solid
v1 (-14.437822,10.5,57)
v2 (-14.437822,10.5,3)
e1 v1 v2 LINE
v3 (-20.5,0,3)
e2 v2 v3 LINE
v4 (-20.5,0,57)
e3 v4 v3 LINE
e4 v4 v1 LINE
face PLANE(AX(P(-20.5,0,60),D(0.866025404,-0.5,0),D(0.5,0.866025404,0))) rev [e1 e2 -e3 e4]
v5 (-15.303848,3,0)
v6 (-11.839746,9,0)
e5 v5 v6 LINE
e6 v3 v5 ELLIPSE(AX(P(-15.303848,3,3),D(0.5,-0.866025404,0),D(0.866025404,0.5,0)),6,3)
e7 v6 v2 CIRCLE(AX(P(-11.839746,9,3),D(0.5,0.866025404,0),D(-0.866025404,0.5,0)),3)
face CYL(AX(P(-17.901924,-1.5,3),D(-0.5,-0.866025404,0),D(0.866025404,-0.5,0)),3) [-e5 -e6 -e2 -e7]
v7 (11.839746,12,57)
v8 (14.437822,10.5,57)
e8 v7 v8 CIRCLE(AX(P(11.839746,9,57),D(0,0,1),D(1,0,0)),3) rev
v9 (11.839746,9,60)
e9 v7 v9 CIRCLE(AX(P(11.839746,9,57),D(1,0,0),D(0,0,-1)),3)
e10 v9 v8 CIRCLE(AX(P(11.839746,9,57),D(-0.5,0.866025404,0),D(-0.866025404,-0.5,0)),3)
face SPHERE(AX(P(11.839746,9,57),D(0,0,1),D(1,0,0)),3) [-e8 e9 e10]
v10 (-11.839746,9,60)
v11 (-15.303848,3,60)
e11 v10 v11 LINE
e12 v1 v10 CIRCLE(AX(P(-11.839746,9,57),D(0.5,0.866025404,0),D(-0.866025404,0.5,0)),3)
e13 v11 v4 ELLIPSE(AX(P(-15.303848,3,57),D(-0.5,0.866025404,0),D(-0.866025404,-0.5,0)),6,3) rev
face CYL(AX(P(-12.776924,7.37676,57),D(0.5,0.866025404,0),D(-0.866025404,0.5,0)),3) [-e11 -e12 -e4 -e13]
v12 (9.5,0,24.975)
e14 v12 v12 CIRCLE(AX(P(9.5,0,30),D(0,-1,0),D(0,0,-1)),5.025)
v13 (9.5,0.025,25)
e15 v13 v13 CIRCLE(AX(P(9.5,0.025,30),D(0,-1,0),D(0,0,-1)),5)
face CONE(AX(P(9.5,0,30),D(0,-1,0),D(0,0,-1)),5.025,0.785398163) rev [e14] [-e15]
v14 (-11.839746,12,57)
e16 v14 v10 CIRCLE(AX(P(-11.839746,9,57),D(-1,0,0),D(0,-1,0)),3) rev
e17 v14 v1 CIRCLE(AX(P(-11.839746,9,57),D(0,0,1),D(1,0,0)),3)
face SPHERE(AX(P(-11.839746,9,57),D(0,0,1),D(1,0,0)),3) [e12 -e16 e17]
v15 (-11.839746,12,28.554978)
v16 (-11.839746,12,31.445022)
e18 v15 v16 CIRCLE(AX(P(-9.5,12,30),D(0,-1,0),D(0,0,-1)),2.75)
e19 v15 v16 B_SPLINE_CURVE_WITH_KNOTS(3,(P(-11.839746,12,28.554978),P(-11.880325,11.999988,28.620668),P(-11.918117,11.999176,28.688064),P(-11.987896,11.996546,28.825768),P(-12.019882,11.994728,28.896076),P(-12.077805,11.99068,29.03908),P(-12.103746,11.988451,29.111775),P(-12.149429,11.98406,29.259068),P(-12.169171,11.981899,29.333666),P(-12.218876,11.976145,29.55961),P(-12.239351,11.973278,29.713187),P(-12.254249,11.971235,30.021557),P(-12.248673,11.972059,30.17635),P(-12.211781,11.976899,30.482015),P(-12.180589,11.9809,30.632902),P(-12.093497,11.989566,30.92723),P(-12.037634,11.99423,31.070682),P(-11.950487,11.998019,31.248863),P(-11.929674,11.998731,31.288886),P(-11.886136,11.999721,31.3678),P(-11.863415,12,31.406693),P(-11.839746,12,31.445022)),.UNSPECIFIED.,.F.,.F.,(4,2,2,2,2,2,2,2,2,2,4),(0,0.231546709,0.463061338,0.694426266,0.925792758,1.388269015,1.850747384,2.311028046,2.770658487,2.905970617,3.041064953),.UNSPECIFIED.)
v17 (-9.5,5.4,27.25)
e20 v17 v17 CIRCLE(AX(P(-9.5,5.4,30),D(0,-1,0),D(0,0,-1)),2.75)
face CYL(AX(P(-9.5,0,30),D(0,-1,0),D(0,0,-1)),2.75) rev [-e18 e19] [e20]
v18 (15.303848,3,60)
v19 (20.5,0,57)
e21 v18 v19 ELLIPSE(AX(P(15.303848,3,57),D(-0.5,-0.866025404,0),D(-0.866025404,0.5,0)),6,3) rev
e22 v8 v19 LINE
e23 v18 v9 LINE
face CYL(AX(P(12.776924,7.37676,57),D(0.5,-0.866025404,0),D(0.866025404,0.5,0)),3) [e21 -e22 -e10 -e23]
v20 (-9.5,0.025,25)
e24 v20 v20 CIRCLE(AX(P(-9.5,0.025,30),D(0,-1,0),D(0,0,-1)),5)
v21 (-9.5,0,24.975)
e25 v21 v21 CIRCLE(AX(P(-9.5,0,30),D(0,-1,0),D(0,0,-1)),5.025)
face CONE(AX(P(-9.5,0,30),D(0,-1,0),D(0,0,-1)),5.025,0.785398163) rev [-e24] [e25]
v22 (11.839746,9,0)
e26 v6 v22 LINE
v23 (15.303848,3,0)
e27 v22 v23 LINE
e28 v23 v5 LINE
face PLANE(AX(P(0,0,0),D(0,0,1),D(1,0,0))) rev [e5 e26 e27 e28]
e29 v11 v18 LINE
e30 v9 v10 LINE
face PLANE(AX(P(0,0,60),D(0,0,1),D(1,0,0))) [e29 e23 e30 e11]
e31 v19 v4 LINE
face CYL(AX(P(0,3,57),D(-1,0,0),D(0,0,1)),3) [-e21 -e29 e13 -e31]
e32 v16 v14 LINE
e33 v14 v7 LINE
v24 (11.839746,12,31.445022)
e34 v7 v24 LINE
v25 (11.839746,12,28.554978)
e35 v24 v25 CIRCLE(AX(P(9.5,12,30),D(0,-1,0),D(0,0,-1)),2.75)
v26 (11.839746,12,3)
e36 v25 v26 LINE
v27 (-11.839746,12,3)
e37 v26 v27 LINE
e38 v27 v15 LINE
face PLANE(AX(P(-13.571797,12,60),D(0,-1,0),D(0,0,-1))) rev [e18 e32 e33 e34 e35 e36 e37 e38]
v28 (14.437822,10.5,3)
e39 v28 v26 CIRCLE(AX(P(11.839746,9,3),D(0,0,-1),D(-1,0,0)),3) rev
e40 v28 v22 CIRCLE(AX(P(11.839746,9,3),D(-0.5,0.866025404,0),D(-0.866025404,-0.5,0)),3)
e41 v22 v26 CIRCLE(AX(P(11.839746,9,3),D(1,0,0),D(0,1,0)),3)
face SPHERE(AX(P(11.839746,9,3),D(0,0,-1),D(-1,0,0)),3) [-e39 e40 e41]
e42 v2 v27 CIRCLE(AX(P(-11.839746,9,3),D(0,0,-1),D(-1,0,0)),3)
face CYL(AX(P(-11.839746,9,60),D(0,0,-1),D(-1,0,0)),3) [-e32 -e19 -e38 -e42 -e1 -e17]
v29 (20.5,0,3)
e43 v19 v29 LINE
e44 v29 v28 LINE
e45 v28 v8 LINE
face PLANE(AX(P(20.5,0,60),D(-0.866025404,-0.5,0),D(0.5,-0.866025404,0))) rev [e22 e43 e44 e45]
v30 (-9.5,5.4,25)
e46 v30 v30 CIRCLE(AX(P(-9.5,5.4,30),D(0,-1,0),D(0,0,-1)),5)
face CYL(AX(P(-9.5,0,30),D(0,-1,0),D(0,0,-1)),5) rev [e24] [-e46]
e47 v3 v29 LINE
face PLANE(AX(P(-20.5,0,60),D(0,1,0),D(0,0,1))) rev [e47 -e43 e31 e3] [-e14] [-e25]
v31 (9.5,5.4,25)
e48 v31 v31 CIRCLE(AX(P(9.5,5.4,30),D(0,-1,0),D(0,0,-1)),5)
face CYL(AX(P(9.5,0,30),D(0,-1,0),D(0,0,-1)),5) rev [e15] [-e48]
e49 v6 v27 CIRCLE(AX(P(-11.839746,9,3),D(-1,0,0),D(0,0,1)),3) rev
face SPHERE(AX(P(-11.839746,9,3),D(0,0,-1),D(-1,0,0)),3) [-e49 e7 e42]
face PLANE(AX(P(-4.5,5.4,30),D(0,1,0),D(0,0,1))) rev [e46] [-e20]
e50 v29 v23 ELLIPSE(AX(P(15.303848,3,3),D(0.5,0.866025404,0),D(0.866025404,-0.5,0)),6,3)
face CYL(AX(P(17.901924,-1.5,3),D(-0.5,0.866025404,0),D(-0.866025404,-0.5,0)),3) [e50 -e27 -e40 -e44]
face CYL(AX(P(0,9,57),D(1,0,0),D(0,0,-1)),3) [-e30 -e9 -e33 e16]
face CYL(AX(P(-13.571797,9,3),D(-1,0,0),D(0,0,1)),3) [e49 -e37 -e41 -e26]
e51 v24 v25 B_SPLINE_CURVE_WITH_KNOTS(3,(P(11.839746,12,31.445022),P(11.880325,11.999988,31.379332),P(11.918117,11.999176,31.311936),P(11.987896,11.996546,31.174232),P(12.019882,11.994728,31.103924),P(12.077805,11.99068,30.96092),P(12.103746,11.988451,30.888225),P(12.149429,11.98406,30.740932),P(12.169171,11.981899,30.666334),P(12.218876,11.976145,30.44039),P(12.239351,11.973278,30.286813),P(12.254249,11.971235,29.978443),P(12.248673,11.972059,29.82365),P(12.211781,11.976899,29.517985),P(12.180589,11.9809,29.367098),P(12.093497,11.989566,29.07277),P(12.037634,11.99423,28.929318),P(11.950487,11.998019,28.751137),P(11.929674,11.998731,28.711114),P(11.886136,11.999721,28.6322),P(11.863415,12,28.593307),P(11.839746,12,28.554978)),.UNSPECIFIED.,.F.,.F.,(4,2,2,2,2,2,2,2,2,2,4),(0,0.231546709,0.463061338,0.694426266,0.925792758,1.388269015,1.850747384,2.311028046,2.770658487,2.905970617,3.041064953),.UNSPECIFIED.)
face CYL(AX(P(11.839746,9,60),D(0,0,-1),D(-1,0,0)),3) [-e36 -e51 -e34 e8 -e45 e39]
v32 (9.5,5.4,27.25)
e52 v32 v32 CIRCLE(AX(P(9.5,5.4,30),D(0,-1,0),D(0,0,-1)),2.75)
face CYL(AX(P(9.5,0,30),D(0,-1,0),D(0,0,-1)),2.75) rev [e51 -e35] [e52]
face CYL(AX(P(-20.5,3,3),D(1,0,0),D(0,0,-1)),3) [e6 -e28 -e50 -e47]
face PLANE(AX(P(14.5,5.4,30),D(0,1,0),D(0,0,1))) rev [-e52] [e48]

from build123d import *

# Parameters (mm, degrees)
BOSS_EXTRUDE1_DEPTH                          = 60
FILLET1_R                                    = 3
CBORE_FOR_M5_HEX_SOCKET_HEAD_CAP_SCR_2_COUNT = 2
CBORE_FOR_M5_HEX_SOCKET_HEAD_CAP_SCR_2_PITCH = 19


with BuildPart() as part:
    # Sketch1 → Boss-Extrude1 (new body)
    with BuildSketch(Plane.XY):
        Polygon((-20.5, 0), (-13.57179677, 12), (13.57179677, 12), (20.5, 0), align=None)
    extrude(amount=BOSS_EXTRUDE1_DEPTH)

    # Fillet1
    fillet1_edges = [part.edges().sort_by_distance(p)[0] for p in [
        (0, 12, 60),
        (-17.035898385, 6, 60),
        (0, 0, 60),
        (-17.035898385, 6, 0),
        (0, 12, 0),
        (17.035898385, 6, 0),
        (0, 0, 0),
        (-13.57179677, 12, 30),
        (13.57179677, 12, 30),
        (17.035898385, 6, 60),
    ]]
    fillet(fillet1_edges, radius=FILLET1_R)

    # Sketch5 → CBORE for M5 Hex Socket Head Cap Screw1 (revolve, cut)
    with BuildSketch(Plane(origin=(9.5, 0, 30), x_dir=(0, 0, -1), z_dir=(1, 0, 0))):
        Polygon((0, 0), (0, 12), (2.75, 12), (2.75, 5.4), (5, 5.4), (5, 0.025), (5.025, 0), align=None)
    cbore_for_m5_hex_socket_head_cap_screw1 = revolve(axis=Axis((9.5, -6.35, 30), (0, 1, 0)), mode=Mode.SUBTRACT)

    # CBORE for M5 Hex Socket Head Cap Scr 2: CBORE for M5 Hex Socket Head Cap Screw1 ×2
    with Locations(*[(-i * CBORE_FOR_M5_HEX_SOCKET_HEAD_CAP_SCR_2_PITCH, 0, 0) for i in range(1, CBORE_FOR_M5_HEX_SOCKET_HEAD_CAP_SCR_2_COUNT)]):
        add(cbore_for_m5_hex_socket_head_cap_screw1, mode=Mode.SUBTRACT)


solid = part.part
